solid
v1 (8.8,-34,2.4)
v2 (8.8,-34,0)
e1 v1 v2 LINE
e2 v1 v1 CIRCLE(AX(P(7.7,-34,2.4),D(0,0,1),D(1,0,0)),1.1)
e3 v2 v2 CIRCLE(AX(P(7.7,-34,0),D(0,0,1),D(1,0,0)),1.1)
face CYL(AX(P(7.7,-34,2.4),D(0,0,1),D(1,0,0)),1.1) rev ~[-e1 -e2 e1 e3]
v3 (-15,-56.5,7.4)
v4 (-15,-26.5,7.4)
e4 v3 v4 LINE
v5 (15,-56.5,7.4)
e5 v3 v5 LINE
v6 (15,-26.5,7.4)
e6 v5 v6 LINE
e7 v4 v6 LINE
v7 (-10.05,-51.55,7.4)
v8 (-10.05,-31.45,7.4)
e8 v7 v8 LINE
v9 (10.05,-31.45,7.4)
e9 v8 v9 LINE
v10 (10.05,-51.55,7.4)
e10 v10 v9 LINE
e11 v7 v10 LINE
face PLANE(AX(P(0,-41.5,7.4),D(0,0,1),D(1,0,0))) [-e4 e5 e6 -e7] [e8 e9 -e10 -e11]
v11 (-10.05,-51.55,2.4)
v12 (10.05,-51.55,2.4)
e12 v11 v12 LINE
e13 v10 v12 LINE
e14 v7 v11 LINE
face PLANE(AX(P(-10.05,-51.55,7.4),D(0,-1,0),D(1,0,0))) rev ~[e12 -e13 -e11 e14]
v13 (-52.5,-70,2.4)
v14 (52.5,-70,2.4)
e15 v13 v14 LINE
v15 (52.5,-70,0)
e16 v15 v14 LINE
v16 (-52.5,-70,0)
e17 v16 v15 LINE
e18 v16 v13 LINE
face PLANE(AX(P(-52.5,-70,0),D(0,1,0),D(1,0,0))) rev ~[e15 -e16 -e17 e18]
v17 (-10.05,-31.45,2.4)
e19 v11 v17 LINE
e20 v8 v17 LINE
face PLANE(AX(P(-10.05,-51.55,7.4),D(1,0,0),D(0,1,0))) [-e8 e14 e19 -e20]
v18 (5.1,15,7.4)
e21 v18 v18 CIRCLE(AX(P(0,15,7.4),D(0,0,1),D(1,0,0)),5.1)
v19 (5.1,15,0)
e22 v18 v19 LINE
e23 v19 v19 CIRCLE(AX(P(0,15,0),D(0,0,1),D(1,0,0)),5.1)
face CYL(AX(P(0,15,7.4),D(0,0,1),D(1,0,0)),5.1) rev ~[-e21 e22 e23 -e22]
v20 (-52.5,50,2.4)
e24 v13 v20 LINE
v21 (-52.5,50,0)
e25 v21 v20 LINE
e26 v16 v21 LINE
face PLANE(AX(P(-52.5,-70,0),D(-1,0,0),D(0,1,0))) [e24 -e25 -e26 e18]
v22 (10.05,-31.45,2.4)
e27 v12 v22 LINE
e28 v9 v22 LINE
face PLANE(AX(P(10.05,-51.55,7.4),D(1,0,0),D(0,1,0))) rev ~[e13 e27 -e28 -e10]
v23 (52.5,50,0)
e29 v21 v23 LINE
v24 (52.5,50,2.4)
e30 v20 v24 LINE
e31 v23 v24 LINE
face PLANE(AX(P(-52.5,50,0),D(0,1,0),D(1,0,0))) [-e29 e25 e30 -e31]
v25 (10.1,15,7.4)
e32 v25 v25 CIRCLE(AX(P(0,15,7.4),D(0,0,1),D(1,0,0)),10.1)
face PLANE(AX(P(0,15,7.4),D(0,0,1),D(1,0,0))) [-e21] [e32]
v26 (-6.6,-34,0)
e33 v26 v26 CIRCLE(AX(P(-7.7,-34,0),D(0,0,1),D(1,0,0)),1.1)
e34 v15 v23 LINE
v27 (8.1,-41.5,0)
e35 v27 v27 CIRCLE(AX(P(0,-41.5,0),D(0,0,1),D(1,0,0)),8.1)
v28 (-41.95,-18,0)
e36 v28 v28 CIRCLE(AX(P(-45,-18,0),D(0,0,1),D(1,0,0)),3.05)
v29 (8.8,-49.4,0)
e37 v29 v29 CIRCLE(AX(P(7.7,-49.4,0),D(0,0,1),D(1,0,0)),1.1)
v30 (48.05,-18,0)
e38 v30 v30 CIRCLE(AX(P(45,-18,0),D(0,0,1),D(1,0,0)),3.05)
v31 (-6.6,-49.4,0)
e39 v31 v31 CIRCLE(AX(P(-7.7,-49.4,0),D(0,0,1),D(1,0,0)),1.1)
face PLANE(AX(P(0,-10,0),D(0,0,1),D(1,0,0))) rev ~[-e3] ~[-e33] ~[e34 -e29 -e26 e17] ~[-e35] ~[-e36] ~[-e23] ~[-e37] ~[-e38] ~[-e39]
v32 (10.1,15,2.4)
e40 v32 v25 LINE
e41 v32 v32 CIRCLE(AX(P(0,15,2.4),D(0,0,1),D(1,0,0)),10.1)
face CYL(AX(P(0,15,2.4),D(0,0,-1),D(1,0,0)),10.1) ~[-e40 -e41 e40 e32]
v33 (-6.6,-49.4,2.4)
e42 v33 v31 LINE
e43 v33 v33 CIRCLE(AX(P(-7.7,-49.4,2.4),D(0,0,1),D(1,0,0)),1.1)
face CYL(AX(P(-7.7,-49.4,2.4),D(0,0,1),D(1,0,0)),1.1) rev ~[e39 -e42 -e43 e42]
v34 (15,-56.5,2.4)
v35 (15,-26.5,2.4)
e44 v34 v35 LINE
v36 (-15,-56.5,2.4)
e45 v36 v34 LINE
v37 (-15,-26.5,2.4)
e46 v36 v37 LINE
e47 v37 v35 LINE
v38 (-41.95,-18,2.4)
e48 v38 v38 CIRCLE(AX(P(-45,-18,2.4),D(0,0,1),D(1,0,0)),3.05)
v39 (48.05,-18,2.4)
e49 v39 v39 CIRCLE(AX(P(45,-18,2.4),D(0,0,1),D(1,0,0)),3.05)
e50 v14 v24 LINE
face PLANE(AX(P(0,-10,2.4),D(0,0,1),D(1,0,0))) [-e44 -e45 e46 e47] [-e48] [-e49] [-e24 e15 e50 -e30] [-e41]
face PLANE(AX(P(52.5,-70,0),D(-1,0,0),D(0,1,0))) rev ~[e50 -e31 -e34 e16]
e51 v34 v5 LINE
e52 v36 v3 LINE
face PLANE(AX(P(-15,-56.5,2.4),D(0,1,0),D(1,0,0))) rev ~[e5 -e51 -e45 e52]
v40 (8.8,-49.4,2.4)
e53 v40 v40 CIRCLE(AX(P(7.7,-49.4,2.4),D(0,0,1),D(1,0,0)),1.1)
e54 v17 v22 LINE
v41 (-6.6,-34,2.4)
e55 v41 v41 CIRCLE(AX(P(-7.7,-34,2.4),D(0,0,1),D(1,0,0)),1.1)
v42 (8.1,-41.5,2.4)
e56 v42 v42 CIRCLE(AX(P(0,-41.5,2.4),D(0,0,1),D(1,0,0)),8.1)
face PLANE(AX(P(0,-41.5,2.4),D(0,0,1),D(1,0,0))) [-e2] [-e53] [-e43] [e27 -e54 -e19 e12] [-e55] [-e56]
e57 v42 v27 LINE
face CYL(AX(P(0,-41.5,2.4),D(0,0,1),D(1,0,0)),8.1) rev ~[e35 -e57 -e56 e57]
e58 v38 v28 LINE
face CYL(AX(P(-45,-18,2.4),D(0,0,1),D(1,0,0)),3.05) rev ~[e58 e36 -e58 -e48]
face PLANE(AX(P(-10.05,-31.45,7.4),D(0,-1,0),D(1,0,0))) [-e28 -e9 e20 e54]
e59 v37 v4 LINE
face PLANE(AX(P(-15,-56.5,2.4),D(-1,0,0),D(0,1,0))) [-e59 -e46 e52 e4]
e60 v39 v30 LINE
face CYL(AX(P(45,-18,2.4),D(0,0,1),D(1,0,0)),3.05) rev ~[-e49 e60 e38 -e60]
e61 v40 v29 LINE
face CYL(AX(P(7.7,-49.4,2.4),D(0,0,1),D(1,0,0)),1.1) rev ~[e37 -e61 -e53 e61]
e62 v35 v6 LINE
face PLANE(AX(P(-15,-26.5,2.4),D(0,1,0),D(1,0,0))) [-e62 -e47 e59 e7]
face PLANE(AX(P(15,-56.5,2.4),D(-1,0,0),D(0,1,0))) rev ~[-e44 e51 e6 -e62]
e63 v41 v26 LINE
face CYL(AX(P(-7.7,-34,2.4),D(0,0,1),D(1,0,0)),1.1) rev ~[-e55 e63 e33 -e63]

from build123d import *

# Parameters (mm, degrees)
SKETCH_W        = 105
SKETCH_H        = 120
PAD_DEPTH       = 2.4
SKETCH001_R     = 8.1
SKETCH001_R_2   = 1.1
POCKET_DEPTH    = 5
SKETCH002_W     = 30
SKETCH002_H     = 30
PAD001_DEPTH    = 5
SKETCH003_W     = 20.1
SKETCH003_H     = 20.1
POCKET001_DEPTH = 5
SKETCH004_R     = 10.1
PAD002_DEPTH    = 5
SKETCH005_R     = 5.1
POCKET002_DEPTH = 7.401
SKETCH007_R     = 3.05
POCKET003_DEPTH = 5


with BuildPart() as part:
    # Sketch → Pad (new body)
    with BuildSketch(Plane.XY):
        with Locations((0, -10)):
            Rectangle(SKETCH_W, SKETCH_H)
    extrude(amount=PAD_DEPTH)

    # Sketch001 → Pocket (cut)
    with BuildSketch(Plane.XY.offset(2.4)):
        with Locations((0, -41.5)):
            Circle(SKETCH001_R)
        with Locations((-7.7, -34)):
            Circle(SKETCH001_R_2)
        with Locations((7.7, -34)):
            Circle(SKETCH001_R_2)
        with Locations((-7.7, -49.4)):
            Circle(SKETCH001_R_2)
        with Locations((7.7, -49.4)):
            Circle(SKETCH001_R_2)
    extrude(amount=-POCKET_DEPTH, mode=Mode.SUBTRACT)

    # Sketch002 → Pad001 (new body)
    with BuildSketch(Plane.XY.offset(2.4)):
        with Locations((0, -41.5)):
            Rectangle(SKETCH002_W, SKETCH002_H)
    extrude(amount=PAD001_DEPTH)

    # Sketch003 → Pocket001 (cut)
    with BuildSketch(Plane.XY.offset(7.4)):
        with Locations((0, -41.5)):
            Rectangle(SKETCH003_W, SKETCH003_H)
    extrude(amount=-POCKET001_DEPTH, mode=Mode.SUBTRACT)

    # Sketch004 → Pad002 (new body)
    with BuildSketch(Plane.XY.offset(2.4)):
        with Locations((0, 15)):
            Circle(SKETCH004_R)
    extrude(amount=PAD002_DEPTH)

    # Sketch005 → Pocket002 (cut, through all)
    with BuildSketch(Plane.XY.offset(7.4)):
        with Locations((0, 15)):
            Circle(SKETCH005_R)
    extrude(amount=-POCKET002_DEPTH, mode=Mode.SUBTRACT)

    # Sketch007 → Pocket003 (cut)
    with BuildSketch(Plane.XY.offset(2.4)):
        with Locations((-45, -18)):
            Circle(SKETCH007_R)
        with Locations((45, -18)):
            Circle(SKETCH007_R)
    extrude(amount=-POCKET003_DEPTH, mode=Mode.SUBTRACT)


solid = part.part
